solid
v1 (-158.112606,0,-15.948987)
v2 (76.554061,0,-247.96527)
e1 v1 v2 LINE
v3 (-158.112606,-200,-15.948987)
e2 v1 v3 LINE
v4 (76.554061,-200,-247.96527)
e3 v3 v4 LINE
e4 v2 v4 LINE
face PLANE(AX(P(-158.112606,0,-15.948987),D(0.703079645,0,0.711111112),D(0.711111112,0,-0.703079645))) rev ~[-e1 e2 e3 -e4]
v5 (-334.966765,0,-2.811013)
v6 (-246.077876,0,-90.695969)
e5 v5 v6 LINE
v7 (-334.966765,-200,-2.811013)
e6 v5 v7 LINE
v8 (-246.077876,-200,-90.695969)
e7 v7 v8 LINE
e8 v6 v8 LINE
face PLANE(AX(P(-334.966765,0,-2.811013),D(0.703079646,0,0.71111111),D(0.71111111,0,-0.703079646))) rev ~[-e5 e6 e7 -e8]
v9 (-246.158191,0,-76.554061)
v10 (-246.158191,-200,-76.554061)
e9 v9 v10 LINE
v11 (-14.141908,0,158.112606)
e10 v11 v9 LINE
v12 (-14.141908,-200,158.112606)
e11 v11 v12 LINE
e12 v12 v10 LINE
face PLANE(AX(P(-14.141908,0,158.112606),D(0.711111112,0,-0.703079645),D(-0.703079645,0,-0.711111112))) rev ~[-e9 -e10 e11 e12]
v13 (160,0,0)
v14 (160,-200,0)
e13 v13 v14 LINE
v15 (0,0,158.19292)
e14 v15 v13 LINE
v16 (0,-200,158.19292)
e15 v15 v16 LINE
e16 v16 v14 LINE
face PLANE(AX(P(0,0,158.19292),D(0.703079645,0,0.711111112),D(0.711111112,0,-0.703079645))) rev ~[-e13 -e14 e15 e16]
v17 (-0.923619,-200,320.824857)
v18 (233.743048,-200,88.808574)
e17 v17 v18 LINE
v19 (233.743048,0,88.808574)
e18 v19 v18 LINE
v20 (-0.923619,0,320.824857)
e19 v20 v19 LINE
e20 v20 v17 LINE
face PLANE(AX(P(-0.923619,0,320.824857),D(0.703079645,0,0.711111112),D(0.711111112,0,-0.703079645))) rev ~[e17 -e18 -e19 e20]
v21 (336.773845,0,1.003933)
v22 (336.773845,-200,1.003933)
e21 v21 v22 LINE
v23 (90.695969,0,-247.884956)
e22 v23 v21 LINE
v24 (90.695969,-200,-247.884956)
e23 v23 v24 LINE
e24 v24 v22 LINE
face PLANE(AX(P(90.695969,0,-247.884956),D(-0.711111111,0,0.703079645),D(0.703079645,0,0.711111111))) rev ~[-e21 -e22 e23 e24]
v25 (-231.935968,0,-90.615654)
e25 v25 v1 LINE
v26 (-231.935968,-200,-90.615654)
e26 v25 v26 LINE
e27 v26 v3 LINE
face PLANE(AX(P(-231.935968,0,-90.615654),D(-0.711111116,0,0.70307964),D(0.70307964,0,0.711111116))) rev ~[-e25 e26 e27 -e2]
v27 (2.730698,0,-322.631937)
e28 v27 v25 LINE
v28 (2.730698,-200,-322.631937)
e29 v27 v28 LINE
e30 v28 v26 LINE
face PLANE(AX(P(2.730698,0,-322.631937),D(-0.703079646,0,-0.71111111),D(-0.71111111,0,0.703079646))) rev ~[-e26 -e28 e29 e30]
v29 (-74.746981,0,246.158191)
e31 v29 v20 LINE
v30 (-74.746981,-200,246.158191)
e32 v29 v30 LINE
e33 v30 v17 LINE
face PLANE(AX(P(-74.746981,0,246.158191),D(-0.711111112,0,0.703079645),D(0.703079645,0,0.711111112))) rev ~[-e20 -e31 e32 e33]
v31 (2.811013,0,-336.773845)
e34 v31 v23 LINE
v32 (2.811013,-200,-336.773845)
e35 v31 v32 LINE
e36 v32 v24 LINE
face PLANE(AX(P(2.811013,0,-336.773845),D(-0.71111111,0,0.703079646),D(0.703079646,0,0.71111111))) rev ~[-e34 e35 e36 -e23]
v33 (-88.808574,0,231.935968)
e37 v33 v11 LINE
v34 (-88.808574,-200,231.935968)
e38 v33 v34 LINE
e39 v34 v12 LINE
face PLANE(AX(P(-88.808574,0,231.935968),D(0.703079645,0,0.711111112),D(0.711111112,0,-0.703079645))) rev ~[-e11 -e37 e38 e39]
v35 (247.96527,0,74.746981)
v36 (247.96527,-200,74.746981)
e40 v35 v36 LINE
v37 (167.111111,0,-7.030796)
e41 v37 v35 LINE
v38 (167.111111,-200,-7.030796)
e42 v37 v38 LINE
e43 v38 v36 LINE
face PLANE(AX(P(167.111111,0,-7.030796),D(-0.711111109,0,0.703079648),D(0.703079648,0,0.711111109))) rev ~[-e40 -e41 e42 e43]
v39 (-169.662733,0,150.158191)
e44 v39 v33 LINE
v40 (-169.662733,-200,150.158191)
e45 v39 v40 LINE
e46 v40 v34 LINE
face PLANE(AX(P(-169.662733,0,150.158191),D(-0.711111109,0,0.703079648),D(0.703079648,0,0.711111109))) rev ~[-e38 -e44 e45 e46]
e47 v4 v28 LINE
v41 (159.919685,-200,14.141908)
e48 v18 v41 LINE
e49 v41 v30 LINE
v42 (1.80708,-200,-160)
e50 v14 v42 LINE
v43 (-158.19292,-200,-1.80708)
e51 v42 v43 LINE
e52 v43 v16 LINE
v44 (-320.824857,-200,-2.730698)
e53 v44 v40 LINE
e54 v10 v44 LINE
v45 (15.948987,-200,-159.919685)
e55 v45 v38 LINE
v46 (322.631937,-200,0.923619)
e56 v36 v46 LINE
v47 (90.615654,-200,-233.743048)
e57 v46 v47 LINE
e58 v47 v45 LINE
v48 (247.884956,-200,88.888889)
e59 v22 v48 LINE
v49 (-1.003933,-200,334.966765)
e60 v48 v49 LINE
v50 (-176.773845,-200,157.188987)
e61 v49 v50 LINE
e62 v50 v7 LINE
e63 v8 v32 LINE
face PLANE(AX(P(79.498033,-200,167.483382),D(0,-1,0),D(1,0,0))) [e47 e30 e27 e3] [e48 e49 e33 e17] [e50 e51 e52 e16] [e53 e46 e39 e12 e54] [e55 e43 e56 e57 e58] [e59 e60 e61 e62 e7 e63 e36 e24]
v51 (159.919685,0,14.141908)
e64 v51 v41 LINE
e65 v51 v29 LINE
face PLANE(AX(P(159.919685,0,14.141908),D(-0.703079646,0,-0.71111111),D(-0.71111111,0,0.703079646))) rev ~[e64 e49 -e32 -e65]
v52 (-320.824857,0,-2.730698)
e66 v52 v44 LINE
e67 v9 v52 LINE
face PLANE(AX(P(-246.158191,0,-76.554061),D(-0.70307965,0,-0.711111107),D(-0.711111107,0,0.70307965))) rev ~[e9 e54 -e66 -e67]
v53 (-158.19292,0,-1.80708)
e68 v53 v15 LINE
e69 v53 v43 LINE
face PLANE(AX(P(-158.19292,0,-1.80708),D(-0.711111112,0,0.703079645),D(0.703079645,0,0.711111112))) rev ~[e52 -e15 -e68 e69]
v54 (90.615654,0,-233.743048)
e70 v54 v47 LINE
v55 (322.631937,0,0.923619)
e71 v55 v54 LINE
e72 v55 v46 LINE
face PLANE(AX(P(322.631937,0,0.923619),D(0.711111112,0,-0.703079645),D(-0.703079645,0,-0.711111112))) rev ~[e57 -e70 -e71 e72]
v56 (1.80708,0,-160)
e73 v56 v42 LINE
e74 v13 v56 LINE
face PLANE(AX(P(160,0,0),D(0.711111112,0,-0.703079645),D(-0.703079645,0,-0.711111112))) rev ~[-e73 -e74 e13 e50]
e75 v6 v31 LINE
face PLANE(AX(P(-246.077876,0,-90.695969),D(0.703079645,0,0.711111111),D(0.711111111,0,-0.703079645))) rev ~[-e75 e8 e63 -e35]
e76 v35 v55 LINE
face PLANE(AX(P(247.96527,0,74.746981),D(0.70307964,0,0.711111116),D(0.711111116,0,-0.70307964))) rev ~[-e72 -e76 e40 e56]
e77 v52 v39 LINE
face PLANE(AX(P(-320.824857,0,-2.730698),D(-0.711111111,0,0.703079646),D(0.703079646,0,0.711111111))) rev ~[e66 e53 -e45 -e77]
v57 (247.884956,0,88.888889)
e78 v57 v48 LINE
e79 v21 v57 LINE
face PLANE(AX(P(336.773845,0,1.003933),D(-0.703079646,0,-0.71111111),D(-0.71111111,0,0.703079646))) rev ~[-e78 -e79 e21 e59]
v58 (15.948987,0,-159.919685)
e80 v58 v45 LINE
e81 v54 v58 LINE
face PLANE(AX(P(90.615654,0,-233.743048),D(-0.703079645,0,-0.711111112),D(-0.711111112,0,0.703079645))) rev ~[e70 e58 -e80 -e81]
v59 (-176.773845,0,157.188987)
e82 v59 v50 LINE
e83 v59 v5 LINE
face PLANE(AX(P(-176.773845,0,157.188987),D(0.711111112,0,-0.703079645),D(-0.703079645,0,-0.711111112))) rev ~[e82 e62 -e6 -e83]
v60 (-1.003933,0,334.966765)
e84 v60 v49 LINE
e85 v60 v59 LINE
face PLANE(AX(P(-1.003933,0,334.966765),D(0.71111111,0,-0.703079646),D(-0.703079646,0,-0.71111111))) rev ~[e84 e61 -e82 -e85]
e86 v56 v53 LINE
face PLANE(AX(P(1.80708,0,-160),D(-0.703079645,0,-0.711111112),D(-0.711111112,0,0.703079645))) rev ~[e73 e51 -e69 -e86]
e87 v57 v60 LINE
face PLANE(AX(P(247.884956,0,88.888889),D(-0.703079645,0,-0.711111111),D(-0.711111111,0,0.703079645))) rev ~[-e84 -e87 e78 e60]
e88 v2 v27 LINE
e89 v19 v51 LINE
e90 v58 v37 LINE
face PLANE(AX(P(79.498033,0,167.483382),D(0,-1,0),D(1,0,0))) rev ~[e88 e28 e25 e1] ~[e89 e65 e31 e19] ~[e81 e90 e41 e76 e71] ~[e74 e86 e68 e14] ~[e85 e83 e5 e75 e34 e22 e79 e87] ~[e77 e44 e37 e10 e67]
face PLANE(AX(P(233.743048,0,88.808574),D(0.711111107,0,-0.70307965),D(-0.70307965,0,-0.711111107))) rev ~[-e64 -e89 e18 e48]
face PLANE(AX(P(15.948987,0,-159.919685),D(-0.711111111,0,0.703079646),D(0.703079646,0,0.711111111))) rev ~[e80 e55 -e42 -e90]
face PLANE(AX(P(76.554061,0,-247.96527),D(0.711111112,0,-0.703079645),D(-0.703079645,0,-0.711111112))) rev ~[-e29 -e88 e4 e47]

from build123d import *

# Parameters (mm, degrees)
F1_DEPTH = 200


with BuildPart() as f1:
    # F0 (on Front) → F1 (new body)
    with BuildSketch(Plane.XZ):
        Polygon((0, 158.19292), (160, 0), (247.884956, 88.888889), (-1.003933, 334.966765), (-88.888889, 246.077876), align=None)
        Polygon((-74.746981, 246.158191), (-0.923619, 320.824857), (233.743048, 88.808574), (159.919685, 14.141908), align=None, mode=Mode.SUBTRACT)
        Polygon((247.884956, 88.888889), (160, 0), (1.80708, -160), (90.695969, -247.884956), (336.773845, 1.003933), align=None)
        Polygon((15.948987, -159.919685), (167.111111, -7.030796), (247.96527, 74.746981), (322.631937, 0.923619), (90.615654, -233.743048), align=None, mode=Mode.SUBTRACT)
        Polygon((-158.19292, -1.80708), (0, 158.19292), (-88.888889, 246.077876), (-176.773845, 157.188987), (-334.966765, -2.811013), (-246.077876, -90.695969), align=None)
        Polygon((-14.141908, 158.112606), (-246.158191, -76.554061), (-320.824857, -2.730698), (-169.662733, 150.158191), (-88.808574, 231.935968), align=None, mode=Mode.SUBTRACT)
        Polygon((90.695969, -247.884956), (1.80708, -160), (-158.19292, -1.80708), (-246.077876, -90.695969), (2.811013, -336.773845), align=None)
        Polygon((2.730698, -322.631937), (-231.935968, -90.615654), (-158.112606, -15.948987), (76.554061, -247.96527), align=None, mode=Mode.SUBTRACT)
    extrude(amount=F1_DEPTH)


solid = f1.part
